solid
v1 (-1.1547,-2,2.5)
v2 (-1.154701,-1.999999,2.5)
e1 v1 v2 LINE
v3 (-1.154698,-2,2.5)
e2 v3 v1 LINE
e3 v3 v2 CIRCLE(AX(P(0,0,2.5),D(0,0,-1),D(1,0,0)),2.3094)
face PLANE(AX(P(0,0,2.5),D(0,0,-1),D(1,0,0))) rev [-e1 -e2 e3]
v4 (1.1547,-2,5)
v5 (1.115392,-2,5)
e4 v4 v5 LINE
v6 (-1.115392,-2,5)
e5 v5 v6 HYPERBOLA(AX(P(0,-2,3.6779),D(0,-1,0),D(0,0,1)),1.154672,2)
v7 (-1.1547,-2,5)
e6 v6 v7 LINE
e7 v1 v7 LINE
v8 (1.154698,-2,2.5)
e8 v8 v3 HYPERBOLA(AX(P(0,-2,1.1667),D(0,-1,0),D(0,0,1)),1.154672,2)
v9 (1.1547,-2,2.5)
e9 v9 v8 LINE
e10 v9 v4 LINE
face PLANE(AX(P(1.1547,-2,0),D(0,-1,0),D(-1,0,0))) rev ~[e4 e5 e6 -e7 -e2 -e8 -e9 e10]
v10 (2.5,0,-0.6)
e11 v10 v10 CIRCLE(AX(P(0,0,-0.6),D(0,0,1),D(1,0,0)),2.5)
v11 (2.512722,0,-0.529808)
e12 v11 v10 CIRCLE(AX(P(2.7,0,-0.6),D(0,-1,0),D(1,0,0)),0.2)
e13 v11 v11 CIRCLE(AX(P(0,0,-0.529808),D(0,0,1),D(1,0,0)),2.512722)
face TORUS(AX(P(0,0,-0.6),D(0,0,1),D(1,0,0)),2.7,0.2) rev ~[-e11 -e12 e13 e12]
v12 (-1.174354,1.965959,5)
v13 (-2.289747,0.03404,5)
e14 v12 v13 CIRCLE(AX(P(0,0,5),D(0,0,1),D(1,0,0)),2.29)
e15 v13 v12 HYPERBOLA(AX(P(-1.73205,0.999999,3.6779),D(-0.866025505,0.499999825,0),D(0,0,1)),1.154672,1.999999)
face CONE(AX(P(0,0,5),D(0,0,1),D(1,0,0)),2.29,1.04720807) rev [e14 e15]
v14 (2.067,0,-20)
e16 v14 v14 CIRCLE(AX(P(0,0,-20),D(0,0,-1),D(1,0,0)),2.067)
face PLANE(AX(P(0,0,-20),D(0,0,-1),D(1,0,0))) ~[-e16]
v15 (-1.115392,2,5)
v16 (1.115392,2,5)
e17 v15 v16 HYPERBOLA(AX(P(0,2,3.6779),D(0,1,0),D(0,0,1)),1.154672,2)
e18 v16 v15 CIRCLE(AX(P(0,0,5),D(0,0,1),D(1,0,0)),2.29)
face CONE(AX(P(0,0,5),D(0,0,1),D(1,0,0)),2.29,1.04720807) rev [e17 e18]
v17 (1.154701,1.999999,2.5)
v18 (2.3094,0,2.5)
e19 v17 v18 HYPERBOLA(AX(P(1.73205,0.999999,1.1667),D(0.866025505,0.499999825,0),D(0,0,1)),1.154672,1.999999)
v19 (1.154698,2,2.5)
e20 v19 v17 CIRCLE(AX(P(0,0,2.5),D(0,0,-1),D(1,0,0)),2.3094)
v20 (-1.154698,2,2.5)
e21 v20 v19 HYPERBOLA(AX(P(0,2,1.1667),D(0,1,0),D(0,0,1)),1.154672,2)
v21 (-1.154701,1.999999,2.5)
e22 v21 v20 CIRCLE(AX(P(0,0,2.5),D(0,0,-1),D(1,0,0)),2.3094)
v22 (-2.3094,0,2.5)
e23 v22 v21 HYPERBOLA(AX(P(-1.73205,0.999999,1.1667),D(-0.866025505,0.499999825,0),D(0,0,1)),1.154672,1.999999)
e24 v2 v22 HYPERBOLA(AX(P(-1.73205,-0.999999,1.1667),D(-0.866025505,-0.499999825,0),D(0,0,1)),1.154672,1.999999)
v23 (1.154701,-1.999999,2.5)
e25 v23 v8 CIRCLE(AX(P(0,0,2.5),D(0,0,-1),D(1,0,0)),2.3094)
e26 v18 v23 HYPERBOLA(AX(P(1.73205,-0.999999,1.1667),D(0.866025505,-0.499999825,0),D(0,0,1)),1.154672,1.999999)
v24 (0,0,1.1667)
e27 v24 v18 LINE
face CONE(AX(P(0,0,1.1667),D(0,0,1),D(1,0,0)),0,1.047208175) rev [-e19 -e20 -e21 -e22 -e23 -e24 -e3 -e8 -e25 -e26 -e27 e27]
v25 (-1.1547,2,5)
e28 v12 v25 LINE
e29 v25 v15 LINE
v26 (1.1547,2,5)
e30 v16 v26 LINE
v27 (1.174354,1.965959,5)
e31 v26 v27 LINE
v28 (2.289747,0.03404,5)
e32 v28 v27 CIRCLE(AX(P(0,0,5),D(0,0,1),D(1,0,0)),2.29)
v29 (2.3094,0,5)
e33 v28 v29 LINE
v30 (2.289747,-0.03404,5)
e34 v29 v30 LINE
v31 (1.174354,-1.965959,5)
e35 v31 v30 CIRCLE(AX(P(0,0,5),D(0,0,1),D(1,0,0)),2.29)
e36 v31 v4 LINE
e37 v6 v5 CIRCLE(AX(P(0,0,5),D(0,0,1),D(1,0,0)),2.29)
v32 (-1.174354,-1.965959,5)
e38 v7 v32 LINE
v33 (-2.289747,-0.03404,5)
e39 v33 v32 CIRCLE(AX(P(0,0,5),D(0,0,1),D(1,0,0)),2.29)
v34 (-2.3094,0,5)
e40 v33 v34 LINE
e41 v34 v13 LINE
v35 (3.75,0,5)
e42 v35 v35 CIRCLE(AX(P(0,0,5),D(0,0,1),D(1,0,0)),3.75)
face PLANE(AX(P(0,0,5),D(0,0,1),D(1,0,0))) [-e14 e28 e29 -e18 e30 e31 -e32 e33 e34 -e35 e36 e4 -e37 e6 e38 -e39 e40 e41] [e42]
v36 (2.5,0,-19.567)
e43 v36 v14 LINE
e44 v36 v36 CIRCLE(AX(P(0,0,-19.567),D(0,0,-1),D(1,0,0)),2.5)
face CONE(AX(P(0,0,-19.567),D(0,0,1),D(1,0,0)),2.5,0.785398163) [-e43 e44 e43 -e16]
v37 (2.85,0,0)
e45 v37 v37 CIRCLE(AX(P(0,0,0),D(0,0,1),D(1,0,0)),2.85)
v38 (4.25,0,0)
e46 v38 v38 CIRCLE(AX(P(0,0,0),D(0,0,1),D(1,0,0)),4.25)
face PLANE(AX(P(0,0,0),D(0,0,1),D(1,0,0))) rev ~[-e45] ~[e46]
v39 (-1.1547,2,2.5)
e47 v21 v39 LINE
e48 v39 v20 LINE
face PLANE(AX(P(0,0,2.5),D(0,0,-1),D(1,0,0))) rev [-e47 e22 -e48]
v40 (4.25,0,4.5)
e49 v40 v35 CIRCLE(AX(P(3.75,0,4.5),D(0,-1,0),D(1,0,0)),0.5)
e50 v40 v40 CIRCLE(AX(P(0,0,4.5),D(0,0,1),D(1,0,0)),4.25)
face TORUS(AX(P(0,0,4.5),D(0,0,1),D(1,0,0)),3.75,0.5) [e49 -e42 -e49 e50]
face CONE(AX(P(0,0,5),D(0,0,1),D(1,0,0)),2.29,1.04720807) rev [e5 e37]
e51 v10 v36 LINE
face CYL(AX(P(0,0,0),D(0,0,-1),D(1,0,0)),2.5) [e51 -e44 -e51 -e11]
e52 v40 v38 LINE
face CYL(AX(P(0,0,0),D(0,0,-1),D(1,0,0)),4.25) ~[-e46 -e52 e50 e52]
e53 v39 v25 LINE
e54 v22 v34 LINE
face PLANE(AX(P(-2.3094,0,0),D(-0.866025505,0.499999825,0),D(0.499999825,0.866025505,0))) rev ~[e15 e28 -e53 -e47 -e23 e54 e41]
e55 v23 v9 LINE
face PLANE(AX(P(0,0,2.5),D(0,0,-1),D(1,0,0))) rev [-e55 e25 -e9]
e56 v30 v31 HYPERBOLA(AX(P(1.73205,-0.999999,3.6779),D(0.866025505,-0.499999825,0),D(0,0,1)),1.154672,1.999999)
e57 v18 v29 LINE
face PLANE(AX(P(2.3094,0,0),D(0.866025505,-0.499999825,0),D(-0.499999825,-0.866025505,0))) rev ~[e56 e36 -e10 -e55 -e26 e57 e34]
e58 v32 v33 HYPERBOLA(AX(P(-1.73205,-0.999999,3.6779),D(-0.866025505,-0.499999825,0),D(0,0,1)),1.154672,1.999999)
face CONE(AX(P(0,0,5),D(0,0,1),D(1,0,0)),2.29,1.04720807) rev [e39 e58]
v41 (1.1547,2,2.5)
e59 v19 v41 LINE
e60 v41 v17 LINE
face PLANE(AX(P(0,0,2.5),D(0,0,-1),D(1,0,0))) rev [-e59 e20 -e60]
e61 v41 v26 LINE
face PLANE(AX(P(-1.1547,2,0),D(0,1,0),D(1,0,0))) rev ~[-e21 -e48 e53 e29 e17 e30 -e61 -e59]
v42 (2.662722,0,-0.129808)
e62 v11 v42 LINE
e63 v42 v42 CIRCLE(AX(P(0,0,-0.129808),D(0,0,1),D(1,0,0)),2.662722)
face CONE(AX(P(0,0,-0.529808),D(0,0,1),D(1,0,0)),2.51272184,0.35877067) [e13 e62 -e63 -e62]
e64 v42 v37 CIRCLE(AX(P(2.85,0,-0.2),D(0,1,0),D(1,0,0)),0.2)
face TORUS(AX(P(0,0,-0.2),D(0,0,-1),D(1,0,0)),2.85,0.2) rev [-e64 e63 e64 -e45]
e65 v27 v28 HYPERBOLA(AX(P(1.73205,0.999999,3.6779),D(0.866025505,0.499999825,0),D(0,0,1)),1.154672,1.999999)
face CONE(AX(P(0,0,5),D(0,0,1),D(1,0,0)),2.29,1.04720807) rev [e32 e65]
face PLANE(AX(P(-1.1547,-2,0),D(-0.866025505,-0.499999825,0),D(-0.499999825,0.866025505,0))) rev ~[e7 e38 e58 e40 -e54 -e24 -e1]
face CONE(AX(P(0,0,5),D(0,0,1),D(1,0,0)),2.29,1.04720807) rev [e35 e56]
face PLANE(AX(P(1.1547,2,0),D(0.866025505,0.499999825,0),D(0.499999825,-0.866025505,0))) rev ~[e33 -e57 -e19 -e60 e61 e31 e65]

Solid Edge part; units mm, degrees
sketch "Sketch1" plane through (0, 0, 0) normal (0, 0, 1) x (1, 0, 0)
  line L0 (-1.1547, 2) -> (1.1547, 2)
  line L1 (1.1547, 2) -> (2.3094, 0)
  line L2 (2.3094, 0) -> (1.1547, -2)
  line L3 (1.1547, -2) -> (-1.1547, -2)
  line L4 (-1.1547, -2) -> (-2.3094, 0)
  line L5 (-2.3094, 0) -> (-1.1547, 2)
  circle A0 centre (0, 0) radius 4.25
  dimension "D1" = 8.5
  dimension "D2" = 4
extrude "Protrusion1" add sketch "Sketch1" along normal blind 5
sketch "Sketch2" plane through (0, 0, 0) normal (0, -1, 0) x (1, 0, 0)
  line L0 (0, 1.1667) -> (2.3094, 2.5)
  line L1 (2.3094, 2.5) -> (4.25, 2.5)
  line L2 (4.25, 2.5) -> (4.25, 0)
  line L3 (4.25, 0) -> (2.5, 0)
  line L4 (2.5, 0) -> (2.5, -0.6)
  line L5 (2.5, -0.6) -> (2.5, -0.601) construction
  line L6 (2.5, -0.601) -> (2.5, -0.601) construction
  line L7 (2.5, -0.601) -> (2.5, -20)
  line L8 (0, -20) -> (2.5, -20)
  dimension "D1" = 19.399
  dimension "D2" = 2.5
  dimension "D3" = 2.5
  dimension "D4" = 4.25
  dimension "D5" = 2.5
  dimension "D6" = 22.5
  dimension "D7" = 0.001
  dimension "D8" = 2
  dimension "D9" = 2
revolve "RevolvedProtrusion_1" add sketch "Sketch2" angle 360 about axis through (0, 0, 2.3333) along (0, 0, -1)
cosmetic_thread "Thread_1" size "M5" thread depth 19.398
sketch "Sketch3" plane through (0, 0, 0) normal (0, -1, 0) x (1, 0, 0)
  line L0 (0, 6) -> (2.29, 6)
  line L1 (2.29, 6) -> (2.29, 5)
  line L2 (2.29, 5) -> (0, 3.6779)
  dimension "D1" = 2.29
  dimension "D2" = 1
  dimension "D3" = 6
revolve "RevolvedCutout_1" cut sketch "Sketch3" angle 360 about axis through (0, 0, 7.1999) along (0, 0, 1)
fillet "Round_1" radius 0.5 1 edges at (-4.25, 0, 5)
sketch "Sketch4" plane through (0, 0, 0) normal (0, -1, 0) x (1, 0, 0)
  line L0 (2.5, 0) -> (2.85, 0)
  arc A0 (2.6627, -0.1298) -> (2.85, 0) centre (2.85, -0.2) cw
  line L1 (2.5127, -0.5298) -> (2.6627, -0.1298)
  arc A1 (2.5127, -0.5298) -> (2.5, -0.6) centre (2.7, -0.6) ccw
  line L2 (2.5, 0) -> (2.5, -0.6)
  dimension "D1" = 0.6
  dimension "D2" = 2.5
  dimension "D3" = 0.6
  dimension "D4" = 0.35
  dimension "D5" = 0.2
revolve "RevolvedProtrusion_2" add sketch "Sketch4" angle 360 about axis through (0, 0, -1.02) along (0, 0, 1)
chamfer "Chamfer_1" distance 0.433 angle 45 1 edges at (-2.5, 0, -20)
properties material "Steel"
